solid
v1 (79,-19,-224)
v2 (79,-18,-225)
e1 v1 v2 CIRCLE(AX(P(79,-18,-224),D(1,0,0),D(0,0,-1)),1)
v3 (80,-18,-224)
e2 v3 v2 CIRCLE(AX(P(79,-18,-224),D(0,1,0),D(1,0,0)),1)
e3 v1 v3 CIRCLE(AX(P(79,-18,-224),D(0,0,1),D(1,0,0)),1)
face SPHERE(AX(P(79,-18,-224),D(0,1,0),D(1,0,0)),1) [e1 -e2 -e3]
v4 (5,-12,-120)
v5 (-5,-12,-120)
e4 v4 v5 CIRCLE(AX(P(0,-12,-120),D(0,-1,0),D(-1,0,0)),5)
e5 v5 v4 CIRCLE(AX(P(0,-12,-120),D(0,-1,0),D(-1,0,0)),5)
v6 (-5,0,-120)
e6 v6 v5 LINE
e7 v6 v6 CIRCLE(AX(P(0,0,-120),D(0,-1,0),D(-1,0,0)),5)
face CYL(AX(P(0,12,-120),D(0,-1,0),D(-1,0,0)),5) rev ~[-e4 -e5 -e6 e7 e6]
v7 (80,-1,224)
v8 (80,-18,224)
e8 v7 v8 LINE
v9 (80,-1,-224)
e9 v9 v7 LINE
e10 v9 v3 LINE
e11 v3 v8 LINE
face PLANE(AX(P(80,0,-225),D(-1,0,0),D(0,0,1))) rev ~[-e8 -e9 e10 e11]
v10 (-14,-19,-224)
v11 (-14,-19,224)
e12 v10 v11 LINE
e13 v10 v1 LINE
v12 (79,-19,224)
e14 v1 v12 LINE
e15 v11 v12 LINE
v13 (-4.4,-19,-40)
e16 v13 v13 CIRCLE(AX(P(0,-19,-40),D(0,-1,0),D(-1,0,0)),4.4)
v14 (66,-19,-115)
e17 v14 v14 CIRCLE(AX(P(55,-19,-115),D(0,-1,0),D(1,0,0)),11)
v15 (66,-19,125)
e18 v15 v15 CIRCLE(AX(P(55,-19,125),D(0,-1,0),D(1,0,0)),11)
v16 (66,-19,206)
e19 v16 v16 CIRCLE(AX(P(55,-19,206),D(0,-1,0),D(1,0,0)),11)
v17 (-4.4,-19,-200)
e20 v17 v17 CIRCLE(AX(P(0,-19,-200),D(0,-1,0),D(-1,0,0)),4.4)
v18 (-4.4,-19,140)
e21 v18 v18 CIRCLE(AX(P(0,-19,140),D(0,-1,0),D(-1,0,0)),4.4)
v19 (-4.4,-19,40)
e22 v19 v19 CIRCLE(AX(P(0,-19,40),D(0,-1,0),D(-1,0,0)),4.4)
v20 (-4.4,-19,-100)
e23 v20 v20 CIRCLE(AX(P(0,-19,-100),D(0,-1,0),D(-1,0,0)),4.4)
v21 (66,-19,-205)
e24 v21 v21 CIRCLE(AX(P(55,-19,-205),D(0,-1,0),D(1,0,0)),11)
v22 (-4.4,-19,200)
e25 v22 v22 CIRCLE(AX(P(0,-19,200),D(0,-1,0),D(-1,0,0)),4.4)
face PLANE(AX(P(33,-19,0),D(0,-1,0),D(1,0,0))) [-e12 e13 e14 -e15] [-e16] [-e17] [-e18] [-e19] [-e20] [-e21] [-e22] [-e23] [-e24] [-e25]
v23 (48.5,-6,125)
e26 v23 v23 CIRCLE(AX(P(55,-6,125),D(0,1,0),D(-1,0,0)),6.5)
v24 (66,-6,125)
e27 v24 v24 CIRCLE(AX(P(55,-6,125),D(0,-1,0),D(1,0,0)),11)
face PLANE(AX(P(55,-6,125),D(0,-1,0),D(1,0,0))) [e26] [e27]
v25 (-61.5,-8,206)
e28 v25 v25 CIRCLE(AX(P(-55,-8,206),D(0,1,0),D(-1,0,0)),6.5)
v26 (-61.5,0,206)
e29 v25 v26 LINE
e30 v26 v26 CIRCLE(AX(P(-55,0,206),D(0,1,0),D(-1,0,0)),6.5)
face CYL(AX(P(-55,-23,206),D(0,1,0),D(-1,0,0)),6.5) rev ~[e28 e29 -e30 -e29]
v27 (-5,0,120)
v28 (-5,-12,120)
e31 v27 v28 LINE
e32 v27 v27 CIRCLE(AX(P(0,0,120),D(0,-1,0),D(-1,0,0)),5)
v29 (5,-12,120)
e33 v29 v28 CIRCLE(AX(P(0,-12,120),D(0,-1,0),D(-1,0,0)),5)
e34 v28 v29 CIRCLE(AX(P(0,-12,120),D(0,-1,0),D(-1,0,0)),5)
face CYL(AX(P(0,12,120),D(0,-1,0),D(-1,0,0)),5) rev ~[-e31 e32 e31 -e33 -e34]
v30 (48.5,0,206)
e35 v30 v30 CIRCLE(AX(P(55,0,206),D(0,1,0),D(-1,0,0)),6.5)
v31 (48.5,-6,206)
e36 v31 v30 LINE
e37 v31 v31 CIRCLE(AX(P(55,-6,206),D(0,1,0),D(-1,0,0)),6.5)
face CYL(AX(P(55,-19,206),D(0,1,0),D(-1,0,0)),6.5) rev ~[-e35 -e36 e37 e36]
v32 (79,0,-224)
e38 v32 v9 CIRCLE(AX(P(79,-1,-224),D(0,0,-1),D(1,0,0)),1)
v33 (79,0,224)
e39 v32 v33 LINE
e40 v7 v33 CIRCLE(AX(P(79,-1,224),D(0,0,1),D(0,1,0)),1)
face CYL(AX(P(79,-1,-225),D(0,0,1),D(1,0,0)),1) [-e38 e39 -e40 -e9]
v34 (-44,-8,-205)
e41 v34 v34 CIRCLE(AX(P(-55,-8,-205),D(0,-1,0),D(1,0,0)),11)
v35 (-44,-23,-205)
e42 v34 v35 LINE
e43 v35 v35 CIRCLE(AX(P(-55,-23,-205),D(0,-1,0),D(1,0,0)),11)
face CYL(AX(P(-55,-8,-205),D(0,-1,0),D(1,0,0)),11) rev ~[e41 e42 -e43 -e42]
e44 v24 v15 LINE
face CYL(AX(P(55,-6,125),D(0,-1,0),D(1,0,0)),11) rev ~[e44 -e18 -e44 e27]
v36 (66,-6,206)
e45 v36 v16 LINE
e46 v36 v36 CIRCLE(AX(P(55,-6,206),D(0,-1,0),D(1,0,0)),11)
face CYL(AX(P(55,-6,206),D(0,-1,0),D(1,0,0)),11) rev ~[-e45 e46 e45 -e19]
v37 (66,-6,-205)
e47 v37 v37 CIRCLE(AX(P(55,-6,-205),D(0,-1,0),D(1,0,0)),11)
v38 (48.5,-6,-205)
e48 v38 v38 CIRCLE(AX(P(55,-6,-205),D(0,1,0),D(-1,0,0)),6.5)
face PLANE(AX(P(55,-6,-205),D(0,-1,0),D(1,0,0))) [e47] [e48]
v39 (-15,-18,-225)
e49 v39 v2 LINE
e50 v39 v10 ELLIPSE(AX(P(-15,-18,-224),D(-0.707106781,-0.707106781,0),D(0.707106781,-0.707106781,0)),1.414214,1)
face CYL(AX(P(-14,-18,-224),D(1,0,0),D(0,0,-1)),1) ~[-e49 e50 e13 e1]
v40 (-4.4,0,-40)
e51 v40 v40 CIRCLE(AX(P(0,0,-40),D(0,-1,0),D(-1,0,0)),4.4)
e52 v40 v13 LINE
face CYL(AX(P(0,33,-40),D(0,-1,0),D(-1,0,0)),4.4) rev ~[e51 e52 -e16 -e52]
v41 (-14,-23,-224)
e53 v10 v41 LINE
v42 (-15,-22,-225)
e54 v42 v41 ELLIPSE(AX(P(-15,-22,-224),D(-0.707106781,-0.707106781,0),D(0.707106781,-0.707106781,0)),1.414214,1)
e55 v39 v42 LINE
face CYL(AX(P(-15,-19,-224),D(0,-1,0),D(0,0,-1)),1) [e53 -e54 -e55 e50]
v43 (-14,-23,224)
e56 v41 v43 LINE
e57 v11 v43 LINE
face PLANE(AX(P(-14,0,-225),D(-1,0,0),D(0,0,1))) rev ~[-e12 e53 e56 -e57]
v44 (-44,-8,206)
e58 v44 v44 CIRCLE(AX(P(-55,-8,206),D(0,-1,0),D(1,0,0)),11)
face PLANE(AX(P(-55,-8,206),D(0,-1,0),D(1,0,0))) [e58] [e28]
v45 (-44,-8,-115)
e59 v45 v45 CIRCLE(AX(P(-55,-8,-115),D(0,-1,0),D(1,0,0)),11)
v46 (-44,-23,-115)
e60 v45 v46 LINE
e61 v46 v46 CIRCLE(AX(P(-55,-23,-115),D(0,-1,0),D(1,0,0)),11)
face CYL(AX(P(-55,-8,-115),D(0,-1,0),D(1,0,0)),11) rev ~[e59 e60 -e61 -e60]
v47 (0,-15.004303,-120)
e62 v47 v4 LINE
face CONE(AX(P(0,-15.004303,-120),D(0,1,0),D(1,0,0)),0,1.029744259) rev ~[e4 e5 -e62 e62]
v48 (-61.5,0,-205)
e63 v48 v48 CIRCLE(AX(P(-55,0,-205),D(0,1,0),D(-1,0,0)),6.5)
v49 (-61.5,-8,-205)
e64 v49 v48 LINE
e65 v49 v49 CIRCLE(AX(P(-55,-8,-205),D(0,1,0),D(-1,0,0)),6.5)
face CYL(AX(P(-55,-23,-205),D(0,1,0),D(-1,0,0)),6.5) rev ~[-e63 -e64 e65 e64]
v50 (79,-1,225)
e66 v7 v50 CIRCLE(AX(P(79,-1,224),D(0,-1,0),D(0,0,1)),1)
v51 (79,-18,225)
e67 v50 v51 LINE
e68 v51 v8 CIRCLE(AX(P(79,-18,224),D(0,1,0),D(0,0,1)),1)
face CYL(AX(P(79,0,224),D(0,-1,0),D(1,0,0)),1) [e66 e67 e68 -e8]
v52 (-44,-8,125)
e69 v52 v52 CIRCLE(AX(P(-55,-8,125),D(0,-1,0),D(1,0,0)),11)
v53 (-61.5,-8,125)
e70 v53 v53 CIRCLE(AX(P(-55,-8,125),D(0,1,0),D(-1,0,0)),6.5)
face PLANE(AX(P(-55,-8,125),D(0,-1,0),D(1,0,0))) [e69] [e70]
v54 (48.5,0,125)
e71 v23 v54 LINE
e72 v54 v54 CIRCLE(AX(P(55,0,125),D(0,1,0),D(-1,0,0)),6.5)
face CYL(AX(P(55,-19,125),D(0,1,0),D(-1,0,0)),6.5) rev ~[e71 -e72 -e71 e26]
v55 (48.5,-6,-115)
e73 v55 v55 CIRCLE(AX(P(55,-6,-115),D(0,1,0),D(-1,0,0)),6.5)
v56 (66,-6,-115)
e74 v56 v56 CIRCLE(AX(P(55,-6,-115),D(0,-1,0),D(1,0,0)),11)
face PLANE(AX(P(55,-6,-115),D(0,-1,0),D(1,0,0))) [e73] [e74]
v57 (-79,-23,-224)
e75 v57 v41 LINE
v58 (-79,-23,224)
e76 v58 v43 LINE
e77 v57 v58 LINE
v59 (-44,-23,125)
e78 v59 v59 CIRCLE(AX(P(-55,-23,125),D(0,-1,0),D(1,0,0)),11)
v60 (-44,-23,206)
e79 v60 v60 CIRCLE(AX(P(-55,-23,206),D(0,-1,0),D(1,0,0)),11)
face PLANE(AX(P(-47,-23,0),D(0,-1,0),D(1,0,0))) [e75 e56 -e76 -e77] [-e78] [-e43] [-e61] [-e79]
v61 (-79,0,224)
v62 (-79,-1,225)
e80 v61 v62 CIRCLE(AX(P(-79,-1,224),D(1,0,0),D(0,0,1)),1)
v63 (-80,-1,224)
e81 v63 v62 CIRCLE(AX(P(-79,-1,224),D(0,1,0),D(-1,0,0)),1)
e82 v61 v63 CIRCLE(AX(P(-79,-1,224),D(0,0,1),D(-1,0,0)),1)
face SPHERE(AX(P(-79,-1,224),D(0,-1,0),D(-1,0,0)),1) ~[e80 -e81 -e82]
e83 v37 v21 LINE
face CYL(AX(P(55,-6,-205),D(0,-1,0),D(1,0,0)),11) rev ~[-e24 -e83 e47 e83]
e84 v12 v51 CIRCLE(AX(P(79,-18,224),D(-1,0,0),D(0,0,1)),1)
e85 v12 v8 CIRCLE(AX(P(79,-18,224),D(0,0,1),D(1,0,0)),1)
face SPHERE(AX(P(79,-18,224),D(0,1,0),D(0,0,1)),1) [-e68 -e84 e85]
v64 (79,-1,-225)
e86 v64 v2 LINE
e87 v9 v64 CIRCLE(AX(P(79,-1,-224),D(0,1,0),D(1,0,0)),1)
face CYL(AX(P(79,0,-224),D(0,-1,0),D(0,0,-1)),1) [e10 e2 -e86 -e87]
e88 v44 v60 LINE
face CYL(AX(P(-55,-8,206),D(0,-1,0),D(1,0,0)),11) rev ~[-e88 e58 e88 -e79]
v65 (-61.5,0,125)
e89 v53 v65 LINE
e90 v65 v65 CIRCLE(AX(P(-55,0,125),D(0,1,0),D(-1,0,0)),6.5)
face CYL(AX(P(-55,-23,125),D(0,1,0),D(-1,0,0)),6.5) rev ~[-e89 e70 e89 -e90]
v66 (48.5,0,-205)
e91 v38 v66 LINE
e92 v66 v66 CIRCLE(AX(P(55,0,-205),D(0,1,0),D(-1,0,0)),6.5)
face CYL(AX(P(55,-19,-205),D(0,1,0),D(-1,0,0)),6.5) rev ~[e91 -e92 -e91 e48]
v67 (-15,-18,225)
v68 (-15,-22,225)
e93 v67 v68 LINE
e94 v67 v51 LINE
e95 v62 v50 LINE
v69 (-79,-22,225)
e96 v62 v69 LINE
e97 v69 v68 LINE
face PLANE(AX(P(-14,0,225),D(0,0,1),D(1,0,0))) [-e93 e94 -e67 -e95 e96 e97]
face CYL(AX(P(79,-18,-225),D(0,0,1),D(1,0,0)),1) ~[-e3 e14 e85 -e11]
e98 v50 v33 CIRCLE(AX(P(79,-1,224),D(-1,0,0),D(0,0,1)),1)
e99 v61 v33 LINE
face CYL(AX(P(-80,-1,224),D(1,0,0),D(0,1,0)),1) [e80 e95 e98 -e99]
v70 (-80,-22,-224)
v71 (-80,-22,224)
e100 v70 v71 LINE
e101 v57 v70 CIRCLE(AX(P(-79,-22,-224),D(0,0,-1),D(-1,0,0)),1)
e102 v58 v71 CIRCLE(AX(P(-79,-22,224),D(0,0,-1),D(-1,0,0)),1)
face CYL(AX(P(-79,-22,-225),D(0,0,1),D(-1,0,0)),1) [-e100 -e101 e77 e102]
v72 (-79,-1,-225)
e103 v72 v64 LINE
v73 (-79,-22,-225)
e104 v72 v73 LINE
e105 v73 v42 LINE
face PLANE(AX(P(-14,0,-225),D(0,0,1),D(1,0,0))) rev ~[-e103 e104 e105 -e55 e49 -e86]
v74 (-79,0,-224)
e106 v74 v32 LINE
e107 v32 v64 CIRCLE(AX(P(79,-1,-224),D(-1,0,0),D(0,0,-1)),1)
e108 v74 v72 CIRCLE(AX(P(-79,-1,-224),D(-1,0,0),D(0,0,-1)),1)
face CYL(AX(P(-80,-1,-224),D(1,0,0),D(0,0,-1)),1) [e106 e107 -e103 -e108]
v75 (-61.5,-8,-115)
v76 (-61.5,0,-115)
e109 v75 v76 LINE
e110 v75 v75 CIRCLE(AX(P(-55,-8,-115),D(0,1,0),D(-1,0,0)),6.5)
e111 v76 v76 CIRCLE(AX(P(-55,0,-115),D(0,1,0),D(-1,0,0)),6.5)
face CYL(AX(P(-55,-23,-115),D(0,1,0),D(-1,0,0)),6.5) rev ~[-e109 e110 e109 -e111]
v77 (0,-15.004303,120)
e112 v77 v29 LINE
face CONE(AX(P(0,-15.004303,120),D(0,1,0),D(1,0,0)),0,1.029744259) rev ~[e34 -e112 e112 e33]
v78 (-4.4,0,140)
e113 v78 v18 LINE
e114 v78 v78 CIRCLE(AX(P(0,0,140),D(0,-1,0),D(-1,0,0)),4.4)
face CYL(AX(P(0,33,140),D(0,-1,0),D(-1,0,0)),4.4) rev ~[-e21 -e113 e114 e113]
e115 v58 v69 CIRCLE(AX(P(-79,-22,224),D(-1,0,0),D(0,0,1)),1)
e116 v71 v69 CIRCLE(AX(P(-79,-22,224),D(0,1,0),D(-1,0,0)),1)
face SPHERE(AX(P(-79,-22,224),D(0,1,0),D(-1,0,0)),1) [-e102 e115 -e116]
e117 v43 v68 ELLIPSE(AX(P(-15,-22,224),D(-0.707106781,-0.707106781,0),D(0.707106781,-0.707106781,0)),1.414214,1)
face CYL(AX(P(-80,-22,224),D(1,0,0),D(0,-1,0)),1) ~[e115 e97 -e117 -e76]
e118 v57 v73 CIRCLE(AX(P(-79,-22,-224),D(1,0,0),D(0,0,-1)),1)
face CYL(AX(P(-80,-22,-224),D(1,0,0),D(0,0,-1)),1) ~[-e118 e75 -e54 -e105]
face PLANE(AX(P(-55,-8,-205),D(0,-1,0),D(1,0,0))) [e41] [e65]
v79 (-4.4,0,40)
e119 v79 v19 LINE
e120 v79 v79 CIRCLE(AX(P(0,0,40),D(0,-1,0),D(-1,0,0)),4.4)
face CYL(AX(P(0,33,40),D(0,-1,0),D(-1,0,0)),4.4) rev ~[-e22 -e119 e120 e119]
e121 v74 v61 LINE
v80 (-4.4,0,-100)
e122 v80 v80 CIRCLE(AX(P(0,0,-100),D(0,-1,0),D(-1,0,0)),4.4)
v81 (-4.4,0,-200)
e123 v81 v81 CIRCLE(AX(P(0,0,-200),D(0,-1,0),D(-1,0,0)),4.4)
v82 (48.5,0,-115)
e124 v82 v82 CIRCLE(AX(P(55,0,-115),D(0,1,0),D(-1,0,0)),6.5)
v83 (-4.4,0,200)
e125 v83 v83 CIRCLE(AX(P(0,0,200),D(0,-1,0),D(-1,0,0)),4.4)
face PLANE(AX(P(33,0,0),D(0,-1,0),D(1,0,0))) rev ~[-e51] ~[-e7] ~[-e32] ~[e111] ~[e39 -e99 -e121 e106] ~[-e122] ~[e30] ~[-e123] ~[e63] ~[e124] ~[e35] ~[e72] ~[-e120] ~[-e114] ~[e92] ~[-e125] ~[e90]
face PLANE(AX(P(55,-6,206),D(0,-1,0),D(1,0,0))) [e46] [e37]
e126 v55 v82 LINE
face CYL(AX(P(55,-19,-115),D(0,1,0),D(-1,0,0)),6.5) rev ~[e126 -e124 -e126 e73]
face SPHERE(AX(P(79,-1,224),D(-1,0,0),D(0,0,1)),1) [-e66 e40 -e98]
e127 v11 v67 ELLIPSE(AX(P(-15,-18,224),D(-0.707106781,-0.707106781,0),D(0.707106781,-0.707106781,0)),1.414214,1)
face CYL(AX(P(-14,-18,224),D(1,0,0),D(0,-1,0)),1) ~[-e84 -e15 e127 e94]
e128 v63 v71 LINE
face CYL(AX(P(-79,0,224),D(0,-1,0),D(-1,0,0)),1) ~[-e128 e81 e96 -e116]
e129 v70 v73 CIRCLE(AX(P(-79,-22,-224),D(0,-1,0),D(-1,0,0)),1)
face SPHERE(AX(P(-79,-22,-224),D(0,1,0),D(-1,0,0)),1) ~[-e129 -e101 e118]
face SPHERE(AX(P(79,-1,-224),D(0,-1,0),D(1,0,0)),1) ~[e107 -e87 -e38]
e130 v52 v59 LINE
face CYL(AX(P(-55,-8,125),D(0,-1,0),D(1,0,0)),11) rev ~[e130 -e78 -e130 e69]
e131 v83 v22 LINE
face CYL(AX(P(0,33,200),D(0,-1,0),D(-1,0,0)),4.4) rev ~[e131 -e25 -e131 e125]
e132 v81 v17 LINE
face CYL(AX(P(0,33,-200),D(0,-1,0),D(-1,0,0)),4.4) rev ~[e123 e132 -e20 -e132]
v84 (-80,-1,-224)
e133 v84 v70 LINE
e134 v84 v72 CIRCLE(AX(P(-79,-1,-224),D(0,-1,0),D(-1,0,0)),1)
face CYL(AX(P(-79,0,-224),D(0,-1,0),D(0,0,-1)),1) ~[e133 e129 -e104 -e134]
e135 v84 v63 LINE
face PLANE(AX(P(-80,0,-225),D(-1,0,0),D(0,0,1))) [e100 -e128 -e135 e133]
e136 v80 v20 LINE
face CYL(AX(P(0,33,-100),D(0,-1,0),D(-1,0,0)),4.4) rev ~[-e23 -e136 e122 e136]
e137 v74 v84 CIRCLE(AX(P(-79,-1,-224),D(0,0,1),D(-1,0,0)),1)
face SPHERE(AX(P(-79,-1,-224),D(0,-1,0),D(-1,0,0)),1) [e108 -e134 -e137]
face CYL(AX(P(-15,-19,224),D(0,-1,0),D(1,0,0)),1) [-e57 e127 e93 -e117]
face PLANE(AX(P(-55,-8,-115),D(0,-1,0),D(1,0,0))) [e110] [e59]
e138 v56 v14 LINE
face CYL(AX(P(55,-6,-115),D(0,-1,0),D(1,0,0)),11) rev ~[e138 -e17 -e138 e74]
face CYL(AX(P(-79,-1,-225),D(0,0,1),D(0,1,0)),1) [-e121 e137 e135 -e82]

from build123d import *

# Parameters (mm, degrees)
F0_W           = 66
F0_H           = 450
F1_DEPTH       = 23
F0_W_2         = 94
F2_DEPTH       = 19
F3_D           = 10
F3_DEPTH       = 12
F3_TIP         = 3.0043030951
F4_D           = 8.8
F4_DEPTH       = 33
F4_TIP         = 2.6437867237
F6_D           = 13
F6_DEPTH       = 30
F6_CBORE_D     = 22
F6_CBORE_DEPTH = 15
F6_TIP         = 3.9055940237
F8_D           = 13
F8_DEPTH       = 30
F8_CBORE_D     = 22
F8_CBORE_DEPTH = 13
F8_TIP         = 3.9055940237
F9_R           = 1


with BuildPart() as f1:
    # F0 (on Front) → F1 (new body)
    with BuildSketch(Plane.XZ):
        with Locations((-47, 0)):
            Rectangle(F0_W, F0_H)
    extrude(amount=F1_DEPTH)

    # F0 (on Front) → F2 (join)
    with BuildSketch(Plane.XZ):
        with Locations((33, 0)):
            Rectangle(F0_W_2, F0_H)
    extrude(amount=F2_DEPTH)

    # F3
    with Locations(Plane(origin=(0, 0, 0), x_dir=(1, 0, 0), z_dir=(0, 1, 0))):
        with Locations((0, 120), (0, -120)):
            Hole(F3_D / 2, depth=F3_DEPTH)
            with Locations((0, 0, -(F3_DEPTH + F3_TIP / 2))):  # 118° drill point
                Cone(0, F3_D / 2, F3_TIP, mode=Mode.SUBTRACT)

    # F4
    with Locations(Plane(origin=(0, 0, 0), x_dir=(1, 0, 0), z_dir=(0, 1, 0))):
        with Locations((0, 200), (0, 100), (0, 40), (0, -40), (0, -140), (0, -200)):
            Hole(F4_D / 2, depth=F4_DEPTH)
            with Locations((0, 0, -(F4_DEPTH + F4_TIP / 2))):  # 118° drill point
                Cone(0, F4_D / 2, F4_TIP, mode=Mode.SUBTRACT)

    # F6
    with Locations(Plane.XZ.offset(23)):
        with Locations((-55, 206), (-55, 125), (-55, -115), (-55, -205)):
            CounterBoreHole(F6_D / 2, F6_CBORE_D / 2, F6_CBORE_DEPTH, depth=F6_DEPTH)
            with Locations((0, 0, -(F6_DEPTH + F6_TIP / 2))):  # 118° drill point
                Cone(0, F6_D / 2, F6_TIP, mode=Mode.SUBTRACT)

    # F8
    with Locations(Plane.XZ.offset(19)):
        with Locations((55, 206), (55, 125), (55, -115), (55, -205)):
            CounterBoreHole(F8_D / 2, F8_CBORE_D / 2, F8_CBORE_DEPTH, depth=F8_DEPTH)
            with Locations((0, 0, -(F8_DEPTH + F8_TIP / 2))):  # 118° drill point
                Cone(0, F8_D / 2, F8_TIP, mode=Mode.SUBTRACT)

    # F9
    f9_edges = [f1.edges().sort_by_distance(p)[0] for p in [
        (-80, -11.5, 225),
        (-80, -11.5, -225),
        (-80, 0, 0),
        (-80, -23, 0),
        (-14, -21, 225),
        (-47, -23, 225),
        (0, 0, 225),
        (80, -9.5, 225),
        (33, -19, 225),
        (80, -9.5, -225),
        (80, 0, 0),
        (80, -19, 0),
        (-47, -23, -225),
        (-14, -21, -225),
        (33, -19, -225),
        (0, 0, -225),
    ]]
    fillet(f9_edges, radius=F9_R)


solid = f1.part
